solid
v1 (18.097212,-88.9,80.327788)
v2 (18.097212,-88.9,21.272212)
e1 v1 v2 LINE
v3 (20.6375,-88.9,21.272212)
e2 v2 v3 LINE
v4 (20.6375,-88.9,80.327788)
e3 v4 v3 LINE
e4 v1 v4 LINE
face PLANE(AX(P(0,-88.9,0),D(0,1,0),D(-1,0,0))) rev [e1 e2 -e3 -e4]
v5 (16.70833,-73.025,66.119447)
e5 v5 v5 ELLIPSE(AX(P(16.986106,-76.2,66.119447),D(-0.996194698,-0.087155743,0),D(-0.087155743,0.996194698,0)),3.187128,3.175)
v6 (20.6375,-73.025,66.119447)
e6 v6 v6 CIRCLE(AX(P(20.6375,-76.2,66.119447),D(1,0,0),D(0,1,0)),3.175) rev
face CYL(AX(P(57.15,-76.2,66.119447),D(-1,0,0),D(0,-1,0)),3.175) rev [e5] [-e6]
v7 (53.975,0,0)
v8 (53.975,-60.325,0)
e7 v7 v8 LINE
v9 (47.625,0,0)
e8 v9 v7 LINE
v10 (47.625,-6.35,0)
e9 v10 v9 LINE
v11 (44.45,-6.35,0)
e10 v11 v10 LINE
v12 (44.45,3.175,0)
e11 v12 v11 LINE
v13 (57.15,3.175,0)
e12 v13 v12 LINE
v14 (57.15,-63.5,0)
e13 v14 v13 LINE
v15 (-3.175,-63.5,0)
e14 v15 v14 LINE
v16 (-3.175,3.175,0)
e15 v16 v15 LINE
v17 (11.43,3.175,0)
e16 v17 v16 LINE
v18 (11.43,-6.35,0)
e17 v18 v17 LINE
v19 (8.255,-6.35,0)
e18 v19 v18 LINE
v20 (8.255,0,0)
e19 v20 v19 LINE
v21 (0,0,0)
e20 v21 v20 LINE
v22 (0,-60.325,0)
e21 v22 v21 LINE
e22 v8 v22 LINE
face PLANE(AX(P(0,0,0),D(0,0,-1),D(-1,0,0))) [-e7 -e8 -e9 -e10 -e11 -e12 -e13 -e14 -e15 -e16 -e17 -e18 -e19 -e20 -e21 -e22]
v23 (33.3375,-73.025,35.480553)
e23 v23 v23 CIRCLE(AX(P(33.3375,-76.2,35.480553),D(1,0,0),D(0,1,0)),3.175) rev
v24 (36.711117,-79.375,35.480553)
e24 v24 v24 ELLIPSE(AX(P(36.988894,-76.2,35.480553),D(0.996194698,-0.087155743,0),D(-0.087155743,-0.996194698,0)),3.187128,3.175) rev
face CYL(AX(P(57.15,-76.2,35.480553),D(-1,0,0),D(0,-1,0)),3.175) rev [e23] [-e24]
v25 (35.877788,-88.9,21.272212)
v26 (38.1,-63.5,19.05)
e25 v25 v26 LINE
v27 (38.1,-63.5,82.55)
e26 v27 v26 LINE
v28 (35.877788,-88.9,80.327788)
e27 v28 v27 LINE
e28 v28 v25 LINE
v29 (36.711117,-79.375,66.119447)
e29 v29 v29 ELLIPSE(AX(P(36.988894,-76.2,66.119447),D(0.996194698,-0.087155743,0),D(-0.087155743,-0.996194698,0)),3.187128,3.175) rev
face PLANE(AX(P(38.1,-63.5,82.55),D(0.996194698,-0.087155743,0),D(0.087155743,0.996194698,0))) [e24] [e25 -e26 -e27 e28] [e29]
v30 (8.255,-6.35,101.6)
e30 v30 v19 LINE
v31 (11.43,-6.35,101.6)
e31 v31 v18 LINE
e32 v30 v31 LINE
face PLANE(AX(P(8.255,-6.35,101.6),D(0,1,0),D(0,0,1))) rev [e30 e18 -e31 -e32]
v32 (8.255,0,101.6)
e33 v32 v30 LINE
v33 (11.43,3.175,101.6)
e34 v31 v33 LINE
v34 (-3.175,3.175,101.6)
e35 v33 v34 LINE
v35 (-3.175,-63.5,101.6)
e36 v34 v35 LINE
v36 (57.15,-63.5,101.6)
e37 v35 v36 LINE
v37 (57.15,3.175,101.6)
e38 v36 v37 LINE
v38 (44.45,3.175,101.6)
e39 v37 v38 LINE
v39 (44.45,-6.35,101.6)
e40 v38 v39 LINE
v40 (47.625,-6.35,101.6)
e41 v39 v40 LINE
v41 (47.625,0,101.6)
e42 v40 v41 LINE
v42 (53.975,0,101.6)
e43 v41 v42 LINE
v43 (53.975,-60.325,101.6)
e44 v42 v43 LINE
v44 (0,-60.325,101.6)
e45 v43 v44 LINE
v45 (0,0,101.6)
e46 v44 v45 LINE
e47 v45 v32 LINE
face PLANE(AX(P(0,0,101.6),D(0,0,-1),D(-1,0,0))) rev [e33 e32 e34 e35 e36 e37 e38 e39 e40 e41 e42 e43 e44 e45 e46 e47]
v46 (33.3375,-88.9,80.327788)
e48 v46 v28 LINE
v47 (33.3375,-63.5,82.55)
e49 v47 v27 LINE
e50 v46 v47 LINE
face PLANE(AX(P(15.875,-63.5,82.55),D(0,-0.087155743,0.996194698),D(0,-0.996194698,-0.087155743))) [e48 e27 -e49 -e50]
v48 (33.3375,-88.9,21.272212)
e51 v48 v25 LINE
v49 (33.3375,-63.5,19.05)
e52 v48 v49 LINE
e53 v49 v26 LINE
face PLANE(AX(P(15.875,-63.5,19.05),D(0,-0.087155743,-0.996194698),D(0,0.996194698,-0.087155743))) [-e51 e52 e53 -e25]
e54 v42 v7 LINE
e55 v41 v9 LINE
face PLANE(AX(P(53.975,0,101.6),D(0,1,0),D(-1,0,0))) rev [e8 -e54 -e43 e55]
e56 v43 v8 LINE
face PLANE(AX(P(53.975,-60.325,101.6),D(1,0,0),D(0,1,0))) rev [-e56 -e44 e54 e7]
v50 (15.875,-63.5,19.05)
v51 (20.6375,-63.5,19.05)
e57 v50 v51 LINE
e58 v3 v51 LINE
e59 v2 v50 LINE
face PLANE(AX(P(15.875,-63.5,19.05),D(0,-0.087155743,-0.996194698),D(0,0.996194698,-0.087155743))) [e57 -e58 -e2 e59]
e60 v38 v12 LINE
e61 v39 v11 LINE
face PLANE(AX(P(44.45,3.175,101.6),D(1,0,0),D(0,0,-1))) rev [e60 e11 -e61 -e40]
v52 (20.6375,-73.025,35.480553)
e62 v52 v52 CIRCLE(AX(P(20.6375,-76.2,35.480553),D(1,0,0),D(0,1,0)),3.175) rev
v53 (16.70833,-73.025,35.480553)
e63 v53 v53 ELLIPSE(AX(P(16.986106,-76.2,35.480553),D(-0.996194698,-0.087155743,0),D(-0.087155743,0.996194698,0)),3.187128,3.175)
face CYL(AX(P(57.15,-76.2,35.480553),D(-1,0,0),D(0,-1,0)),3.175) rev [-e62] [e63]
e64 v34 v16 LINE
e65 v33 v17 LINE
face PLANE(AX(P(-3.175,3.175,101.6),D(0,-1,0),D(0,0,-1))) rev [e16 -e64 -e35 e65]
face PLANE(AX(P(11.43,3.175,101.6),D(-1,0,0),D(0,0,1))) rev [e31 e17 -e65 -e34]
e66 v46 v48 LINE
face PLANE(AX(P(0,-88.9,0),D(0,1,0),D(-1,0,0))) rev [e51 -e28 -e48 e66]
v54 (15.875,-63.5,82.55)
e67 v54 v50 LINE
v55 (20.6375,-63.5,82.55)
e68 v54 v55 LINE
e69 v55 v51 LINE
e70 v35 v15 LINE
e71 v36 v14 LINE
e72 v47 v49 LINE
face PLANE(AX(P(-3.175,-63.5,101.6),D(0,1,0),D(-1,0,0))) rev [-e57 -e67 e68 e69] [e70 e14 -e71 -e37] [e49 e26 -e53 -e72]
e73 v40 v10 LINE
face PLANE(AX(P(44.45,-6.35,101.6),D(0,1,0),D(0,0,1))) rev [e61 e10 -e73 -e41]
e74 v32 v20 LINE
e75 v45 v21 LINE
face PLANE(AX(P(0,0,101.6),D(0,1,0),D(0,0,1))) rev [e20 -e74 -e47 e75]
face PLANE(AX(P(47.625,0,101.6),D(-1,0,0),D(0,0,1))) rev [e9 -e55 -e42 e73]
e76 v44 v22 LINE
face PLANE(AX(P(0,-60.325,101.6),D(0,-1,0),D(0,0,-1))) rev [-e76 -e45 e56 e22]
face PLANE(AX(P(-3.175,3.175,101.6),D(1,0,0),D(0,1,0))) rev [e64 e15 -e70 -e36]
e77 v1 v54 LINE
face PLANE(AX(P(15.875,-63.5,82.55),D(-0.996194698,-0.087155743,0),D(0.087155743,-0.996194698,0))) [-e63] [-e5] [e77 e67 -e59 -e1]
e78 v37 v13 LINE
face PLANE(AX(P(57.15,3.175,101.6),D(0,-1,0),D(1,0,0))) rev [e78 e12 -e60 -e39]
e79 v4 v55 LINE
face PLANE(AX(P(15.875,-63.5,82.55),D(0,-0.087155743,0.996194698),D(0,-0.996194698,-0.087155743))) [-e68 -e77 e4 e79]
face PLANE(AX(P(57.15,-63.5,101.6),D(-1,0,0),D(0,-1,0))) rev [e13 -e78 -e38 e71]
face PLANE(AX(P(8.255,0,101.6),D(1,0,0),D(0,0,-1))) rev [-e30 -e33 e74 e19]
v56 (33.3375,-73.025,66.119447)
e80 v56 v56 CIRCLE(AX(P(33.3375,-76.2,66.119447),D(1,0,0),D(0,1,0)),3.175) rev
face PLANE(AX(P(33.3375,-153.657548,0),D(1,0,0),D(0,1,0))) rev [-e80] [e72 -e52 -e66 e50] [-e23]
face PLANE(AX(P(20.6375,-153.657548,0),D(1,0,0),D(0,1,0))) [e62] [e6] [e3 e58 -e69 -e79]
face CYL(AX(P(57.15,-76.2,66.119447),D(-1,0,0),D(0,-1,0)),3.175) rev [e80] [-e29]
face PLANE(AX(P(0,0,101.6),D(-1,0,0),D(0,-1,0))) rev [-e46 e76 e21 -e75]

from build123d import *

# Parameters (mm, degrees)
BOSS_EXTRUDE1_DEPTH     = 101.6
SKETCH2_W               = 22.225
SKETCH2_H               = 63.5
BOSS_EXTRUDE2_DEPTH     = 25.4
BOSS_EXTRUDE2_TAPER     = 5
SKETCH2_3_W             = 12.7
SKETCH2_3_H             = 63.5
CUT_EXTRUDE1_DEPTH      = 25.4
CUT_EXTRUDE2_DEPTH      = 140.85325407
CUT_EXTRUDE2_DEPTH_BACK = 140.85325407
SKETCH3_R               = 3.175


with BuildPart() as part:
    # Sketch1 → Boss-Extrude1 (new body)
    with BuildSketch(Plane.XY):
        Polygon((0, 0), (0, -60.325), (53.975, -60.325), (53.975, 0), (47.625, 0), (47.625, -6.35), (44.45, -6.35), (44.45, 3.175), (57.15, 3.175), (57.15, -63.5), (-3.175, -63.5), (-3.175, 3.175), (11.43, 3.175), (11.43, -6.35), (8.255, -6.35), (8.255, 0), align=None)
    extrude(amount=BOSS_EXTRUDE1_DEPTH)

    # Sketch2 → Boss-Extrude2 (add)
    with BuildSketch(Plane(origin=(0, -63.5, 0), x_dir=(-1, 0, 0), z_dir=(0, -1, 0))):
        with Locations((-26.9875, -50.8)):
            Rectangle(SKETCH2_W, SKETCH2_H)
    extrude(amount=BOSS_EXTRUDE2_DEPTH, taper=BOSS_EXTRUDE2_TAPER)

    # Sketch2<3> → Cut-Extrude1 (cut)
    with BuildSketch(Plane(origin=(0, -63.5, 0), x_dir=(-1, 0, 0), z_dir=(0, -1, 0))):
        with Locations((-26.9875, -50.8)):
            Rectangle(SKETCH2_3_W, SKETCH2_3_H)
    extrude(amount=CUT_EXTRUDE1_DEPTH, mode=Mode.SUBTRACT)

    # Sketch3 → Cut-Extrude2 (cut, two sides: drawn at the far end of the back side and taken through both)
    with BuildSketch(Plane(origin=(20.6375, 0, 0), x_dir=(0, 0, -1), z_dir=(1, 0, 0)).offset(-CUT_EXTRUDE2_DEPTH_BACK)):
        with Locations(Location((-66.119446987, -76.2, 0), (0, 0, 270))):
            Circle(SKETCH3_R)
        with Locations(Location((-35.480553013, -76.2, 0), (0, 0, 270))):
            Circle(SKETCH3_R)
    extrude(amount=CUT_EXTRUDE2_DEPTH + CUT_EXTRUDE2_DEPTH_BACK, mode=Mode.SUBTRACT)


solid = part.part
